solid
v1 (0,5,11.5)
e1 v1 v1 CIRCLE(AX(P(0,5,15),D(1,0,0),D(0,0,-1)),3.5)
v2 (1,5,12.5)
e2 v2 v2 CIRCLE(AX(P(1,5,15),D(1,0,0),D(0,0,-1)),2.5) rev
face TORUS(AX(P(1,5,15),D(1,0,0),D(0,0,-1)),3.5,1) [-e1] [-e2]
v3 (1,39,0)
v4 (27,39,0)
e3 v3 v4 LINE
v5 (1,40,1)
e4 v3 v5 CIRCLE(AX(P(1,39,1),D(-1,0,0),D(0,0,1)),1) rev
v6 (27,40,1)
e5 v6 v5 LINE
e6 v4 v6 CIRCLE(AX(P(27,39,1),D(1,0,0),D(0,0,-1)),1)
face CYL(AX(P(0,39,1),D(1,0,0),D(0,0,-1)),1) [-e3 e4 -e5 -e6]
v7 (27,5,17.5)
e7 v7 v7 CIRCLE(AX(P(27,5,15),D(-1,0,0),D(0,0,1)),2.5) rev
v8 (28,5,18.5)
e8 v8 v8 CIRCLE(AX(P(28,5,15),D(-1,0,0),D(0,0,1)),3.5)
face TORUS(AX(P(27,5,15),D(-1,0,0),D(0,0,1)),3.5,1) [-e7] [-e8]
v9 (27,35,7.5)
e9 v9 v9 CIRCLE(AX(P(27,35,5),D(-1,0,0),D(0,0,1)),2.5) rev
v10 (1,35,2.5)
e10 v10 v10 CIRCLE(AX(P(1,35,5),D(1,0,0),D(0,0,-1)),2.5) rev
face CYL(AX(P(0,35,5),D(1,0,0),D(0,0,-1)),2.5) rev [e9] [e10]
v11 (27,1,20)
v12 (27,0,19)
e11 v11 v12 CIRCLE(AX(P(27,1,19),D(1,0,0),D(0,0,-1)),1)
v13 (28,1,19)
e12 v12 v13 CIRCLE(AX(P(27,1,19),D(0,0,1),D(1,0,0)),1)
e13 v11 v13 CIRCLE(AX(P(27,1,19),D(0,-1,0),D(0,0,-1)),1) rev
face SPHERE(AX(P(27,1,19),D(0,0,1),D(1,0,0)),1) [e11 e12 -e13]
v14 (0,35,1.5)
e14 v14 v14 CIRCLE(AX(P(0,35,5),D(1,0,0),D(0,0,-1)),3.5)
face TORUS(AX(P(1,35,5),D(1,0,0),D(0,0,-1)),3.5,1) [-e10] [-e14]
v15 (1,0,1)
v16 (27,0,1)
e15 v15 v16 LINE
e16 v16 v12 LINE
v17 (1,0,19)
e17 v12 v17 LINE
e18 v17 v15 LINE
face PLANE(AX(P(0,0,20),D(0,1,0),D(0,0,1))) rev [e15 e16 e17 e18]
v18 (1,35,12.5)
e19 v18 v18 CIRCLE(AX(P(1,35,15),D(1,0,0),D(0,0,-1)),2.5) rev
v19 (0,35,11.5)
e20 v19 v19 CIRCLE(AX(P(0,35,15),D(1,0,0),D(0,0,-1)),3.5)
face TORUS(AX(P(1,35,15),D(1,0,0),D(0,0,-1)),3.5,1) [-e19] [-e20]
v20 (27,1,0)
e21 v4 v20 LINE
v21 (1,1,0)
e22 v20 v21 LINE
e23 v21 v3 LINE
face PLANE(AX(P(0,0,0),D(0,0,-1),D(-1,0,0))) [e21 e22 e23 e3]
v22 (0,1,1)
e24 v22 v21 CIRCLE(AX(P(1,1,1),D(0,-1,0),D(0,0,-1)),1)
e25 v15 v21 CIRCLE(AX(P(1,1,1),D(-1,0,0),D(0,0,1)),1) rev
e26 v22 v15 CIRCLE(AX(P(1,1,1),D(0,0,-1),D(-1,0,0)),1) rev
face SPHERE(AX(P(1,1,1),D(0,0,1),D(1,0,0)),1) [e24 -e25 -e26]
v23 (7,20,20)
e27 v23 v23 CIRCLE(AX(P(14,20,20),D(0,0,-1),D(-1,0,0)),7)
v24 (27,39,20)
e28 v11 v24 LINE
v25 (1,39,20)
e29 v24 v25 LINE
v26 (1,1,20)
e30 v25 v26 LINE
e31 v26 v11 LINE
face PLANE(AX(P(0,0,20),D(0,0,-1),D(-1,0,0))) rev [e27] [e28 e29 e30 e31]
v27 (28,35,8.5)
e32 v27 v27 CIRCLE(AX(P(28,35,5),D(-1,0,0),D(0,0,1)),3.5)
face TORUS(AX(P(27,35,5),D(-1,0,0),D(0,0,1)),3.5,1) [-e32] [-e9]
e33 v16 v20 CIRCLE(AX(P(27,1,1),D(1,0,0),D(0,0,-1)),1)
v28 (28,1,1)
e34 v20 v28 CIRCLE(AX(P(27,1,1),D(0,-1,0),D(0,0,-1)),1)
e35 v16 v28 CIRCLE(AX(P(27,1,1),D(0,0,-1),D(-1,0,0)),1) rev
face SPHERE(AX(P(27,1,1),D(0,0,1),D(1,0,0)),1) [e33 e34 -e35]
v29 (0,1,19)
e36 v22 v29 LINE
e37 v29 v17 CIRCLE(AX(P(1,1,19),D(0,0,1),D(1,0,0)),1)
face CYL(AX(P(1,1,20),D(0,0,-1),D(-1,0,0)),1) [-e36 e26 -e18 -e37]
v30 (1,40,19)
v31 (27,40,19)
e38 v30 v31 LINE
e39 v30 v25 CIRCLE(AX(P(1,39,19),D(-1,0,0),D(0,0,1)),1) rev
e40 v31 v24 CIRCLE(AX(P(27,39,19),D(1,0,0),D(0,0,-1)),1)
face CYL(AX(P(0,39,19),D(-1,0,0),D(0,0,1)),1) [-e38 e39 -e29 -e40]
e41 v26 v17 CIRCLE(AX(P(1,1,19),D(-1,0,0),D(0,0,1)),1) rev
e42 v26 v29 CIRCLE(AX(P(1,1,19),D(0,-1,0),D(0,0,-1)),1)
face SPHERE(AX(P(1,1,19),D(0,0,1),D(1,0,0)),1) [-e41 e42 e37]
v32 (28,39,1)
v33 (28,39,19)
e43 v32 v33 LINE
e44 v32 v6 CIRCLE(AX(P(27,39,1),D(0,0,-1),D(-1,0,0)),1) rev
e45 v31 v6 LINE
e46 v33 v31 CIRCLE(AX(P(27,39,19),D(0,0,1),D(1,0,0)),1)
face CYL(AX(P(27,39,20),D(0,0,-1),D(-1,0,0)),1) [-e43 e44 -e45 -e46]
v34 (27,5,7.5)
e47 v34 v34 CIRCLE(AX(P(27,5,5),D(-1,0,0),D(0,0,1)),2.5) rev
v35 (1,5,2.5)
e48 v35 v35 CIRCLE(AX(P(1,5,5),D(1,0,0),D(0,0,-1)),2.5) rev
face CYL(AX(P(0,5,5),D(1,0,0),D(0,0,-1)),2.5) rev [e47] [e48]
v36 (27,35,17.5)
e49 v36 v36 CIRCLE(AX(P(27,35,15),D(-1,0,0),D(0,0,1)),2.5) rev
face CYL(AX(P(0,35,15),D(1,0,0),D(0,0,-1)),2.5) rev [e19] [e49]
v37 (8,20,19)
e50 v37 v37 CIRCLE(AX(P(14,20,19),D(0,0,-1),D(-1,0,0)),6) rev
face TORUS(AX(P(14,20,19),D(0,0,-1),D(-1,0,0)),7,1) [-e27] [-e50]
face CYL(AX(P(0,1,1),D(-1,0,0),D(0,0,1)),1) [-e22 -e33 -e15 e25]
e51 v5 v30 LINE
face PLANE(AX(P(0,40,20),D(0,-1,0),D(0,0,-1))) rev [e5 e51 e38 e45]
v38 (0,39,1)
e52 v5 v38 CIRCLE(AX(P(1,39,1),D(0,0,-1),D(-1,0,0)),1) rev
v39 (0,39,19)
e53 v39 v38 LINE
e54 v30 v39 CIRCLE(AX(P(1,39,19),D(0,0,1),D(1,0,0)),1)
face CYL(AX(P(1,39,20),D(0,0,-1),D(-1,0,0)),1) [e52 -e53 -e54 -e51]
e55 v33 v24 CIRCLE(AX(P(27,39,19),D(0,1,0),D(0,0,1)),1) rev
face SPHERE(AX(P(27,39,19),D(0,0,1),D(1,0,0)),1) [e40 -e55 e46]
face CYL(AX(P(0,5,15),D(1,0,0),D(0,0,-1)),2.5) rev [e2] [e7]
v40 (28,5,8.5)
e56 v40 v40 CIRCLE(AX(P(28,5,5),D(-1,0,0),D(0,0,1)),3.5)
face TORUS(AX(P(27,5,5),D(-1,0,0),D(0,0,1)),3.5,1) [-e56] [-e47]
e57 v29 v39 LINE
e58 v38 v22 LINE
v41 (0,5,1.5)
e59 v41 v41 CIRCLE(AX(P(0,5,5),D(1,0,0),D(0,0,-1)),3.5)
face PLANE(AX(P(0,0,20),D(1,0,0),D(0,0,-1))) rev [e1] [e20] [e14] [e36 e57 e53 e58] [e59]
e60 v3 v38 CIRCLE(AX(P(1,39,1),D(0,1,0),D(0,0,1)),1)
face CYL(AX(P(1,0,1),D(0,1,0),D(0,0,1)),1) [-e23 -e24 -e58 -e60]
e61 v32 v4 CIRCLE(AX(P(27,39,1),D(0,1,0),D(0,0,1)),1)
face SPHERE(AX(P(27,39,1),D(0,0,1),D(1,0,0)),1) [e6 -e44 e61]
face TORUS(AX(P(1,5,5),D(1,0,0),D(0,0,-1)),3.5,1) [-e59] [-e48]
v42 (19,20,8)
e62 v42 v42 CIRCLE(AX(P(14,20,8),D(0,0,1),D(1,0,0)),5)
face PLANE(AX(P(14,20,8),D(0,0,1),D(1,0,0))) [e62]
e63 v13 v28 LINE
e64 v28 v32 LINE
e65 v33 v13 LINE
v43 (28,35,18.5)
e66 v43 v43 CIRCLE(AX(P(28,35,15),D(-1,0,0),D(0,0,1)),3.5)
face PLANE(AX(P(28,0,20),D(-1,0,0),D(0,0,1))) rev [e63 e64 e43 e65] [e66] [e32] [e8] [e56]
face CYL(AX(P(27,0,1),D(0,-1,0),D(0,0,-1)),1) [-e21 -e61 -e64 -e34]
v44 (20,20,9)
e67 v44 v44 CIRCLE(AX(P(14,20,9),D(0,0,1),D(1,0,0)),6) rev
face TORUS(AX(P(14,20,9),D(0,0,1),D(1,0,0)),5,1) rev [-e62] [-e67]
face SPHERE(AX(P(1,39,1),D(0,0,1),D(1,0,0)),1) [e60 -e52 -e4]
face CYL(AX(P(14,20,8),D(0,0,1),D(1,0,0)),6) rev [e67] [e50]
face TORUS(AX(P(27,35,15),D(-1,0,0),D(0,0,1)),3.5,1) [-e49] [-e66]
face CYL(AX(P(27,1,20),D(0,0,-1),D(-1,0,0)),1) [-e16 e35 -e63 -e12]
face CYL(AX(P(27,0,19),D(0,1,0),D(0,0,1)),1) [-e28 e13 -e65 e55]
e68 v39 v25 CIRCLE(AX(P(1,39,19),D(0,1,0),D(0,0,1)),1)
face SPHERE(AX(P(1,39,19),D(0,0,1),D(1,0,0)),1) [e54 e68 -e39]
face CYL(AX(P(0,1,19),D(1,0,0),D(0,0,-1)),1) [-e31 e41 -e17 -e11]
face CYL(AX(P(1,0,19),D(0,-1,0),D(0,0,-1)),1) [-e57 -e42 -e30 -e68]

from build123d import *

# Parameters (mm, degrees)
SKETCH1_W           = 28
SKETCH1_H           = 40
BOSS_EXTRUDE1_DEPTH = 20
SKETCH2_R           = 6
CUT_EXTRUDE1_DEPTH  = 12
SKETCH3_R           = 2.5
CUT_EXTRUDE2_DEPTH  = 29
FILLET1_R           = 1


with BuildPart() as part:
    # Sketch1 → Boss-Extrude1 (new body)
    with BuildSketch(Plane.XY):
        with Locations((14, 20)):
            Rectangle(SKETCH1_W, SKETCH1_H)
    extrude(amount=BOSS_EXTRUDE1_DEPTH)

    # Sketch2 → Cut-Extrude1 (cut)
    with BuildSketch(Plane.XY.offset(20)):
        with Locations((14, 20)):
            Circle(SKETCH2_R)
    extrude(amount=-CUT_EXTRUDE1_DEPTH, mode=Mode.SUBTRACT)

    # Sketch3 → Cut-Extrude2 (cut, through all)
    with BuildSketch(Plane(origin=(28, 0, 0), x_dir=(0, 0, -1), z_dir=(1, 0, 0))):
        with Locations((-15, 35)):
            Circle(SKETCH3_R)
        with Locations((-5, 35)):
            Circle(SKETCH3_R)
        with Locations((-5, 5)):
            Circle(SKETCH3_R)
        with Locations((-15, 5)):
            Circle(SKETCH3_R)
    extrude(amount=-CUT_EXTRUDE2_DEPTH, mode=Mode.SUBTRACT)

    # Fillet1
    fillet1_edges = [part.edges().sort_by_distance(p)[0] for p in [
        (28, 20, 20),
        (8, 20, 8),
        (8, 20, 20),
        (14, 40, 20),
        (0, 5, 17.5),
        (28, 5, 17.5),
        (0, 5, 7.5),
        (28, 5, 7.5),
        (0, 35, 7.5),
        (28, 35, 7.5),
        (0, 35, 17.5),
        (28, 35, 17.5),
        (0, 20, 20),
        (14, 40, 0),
        (28, 20, 0),
        (14, 0, 0),
        (0, 20, 0),
        (0, 40, 10),
        (28, 40, 10),
        (28, 0, 10),
        (0, 0, 10),
        (14, 0, 20),
    ]]
    fillet(fillet1_edges, radius=FILLET1_R)


solid = part.part
